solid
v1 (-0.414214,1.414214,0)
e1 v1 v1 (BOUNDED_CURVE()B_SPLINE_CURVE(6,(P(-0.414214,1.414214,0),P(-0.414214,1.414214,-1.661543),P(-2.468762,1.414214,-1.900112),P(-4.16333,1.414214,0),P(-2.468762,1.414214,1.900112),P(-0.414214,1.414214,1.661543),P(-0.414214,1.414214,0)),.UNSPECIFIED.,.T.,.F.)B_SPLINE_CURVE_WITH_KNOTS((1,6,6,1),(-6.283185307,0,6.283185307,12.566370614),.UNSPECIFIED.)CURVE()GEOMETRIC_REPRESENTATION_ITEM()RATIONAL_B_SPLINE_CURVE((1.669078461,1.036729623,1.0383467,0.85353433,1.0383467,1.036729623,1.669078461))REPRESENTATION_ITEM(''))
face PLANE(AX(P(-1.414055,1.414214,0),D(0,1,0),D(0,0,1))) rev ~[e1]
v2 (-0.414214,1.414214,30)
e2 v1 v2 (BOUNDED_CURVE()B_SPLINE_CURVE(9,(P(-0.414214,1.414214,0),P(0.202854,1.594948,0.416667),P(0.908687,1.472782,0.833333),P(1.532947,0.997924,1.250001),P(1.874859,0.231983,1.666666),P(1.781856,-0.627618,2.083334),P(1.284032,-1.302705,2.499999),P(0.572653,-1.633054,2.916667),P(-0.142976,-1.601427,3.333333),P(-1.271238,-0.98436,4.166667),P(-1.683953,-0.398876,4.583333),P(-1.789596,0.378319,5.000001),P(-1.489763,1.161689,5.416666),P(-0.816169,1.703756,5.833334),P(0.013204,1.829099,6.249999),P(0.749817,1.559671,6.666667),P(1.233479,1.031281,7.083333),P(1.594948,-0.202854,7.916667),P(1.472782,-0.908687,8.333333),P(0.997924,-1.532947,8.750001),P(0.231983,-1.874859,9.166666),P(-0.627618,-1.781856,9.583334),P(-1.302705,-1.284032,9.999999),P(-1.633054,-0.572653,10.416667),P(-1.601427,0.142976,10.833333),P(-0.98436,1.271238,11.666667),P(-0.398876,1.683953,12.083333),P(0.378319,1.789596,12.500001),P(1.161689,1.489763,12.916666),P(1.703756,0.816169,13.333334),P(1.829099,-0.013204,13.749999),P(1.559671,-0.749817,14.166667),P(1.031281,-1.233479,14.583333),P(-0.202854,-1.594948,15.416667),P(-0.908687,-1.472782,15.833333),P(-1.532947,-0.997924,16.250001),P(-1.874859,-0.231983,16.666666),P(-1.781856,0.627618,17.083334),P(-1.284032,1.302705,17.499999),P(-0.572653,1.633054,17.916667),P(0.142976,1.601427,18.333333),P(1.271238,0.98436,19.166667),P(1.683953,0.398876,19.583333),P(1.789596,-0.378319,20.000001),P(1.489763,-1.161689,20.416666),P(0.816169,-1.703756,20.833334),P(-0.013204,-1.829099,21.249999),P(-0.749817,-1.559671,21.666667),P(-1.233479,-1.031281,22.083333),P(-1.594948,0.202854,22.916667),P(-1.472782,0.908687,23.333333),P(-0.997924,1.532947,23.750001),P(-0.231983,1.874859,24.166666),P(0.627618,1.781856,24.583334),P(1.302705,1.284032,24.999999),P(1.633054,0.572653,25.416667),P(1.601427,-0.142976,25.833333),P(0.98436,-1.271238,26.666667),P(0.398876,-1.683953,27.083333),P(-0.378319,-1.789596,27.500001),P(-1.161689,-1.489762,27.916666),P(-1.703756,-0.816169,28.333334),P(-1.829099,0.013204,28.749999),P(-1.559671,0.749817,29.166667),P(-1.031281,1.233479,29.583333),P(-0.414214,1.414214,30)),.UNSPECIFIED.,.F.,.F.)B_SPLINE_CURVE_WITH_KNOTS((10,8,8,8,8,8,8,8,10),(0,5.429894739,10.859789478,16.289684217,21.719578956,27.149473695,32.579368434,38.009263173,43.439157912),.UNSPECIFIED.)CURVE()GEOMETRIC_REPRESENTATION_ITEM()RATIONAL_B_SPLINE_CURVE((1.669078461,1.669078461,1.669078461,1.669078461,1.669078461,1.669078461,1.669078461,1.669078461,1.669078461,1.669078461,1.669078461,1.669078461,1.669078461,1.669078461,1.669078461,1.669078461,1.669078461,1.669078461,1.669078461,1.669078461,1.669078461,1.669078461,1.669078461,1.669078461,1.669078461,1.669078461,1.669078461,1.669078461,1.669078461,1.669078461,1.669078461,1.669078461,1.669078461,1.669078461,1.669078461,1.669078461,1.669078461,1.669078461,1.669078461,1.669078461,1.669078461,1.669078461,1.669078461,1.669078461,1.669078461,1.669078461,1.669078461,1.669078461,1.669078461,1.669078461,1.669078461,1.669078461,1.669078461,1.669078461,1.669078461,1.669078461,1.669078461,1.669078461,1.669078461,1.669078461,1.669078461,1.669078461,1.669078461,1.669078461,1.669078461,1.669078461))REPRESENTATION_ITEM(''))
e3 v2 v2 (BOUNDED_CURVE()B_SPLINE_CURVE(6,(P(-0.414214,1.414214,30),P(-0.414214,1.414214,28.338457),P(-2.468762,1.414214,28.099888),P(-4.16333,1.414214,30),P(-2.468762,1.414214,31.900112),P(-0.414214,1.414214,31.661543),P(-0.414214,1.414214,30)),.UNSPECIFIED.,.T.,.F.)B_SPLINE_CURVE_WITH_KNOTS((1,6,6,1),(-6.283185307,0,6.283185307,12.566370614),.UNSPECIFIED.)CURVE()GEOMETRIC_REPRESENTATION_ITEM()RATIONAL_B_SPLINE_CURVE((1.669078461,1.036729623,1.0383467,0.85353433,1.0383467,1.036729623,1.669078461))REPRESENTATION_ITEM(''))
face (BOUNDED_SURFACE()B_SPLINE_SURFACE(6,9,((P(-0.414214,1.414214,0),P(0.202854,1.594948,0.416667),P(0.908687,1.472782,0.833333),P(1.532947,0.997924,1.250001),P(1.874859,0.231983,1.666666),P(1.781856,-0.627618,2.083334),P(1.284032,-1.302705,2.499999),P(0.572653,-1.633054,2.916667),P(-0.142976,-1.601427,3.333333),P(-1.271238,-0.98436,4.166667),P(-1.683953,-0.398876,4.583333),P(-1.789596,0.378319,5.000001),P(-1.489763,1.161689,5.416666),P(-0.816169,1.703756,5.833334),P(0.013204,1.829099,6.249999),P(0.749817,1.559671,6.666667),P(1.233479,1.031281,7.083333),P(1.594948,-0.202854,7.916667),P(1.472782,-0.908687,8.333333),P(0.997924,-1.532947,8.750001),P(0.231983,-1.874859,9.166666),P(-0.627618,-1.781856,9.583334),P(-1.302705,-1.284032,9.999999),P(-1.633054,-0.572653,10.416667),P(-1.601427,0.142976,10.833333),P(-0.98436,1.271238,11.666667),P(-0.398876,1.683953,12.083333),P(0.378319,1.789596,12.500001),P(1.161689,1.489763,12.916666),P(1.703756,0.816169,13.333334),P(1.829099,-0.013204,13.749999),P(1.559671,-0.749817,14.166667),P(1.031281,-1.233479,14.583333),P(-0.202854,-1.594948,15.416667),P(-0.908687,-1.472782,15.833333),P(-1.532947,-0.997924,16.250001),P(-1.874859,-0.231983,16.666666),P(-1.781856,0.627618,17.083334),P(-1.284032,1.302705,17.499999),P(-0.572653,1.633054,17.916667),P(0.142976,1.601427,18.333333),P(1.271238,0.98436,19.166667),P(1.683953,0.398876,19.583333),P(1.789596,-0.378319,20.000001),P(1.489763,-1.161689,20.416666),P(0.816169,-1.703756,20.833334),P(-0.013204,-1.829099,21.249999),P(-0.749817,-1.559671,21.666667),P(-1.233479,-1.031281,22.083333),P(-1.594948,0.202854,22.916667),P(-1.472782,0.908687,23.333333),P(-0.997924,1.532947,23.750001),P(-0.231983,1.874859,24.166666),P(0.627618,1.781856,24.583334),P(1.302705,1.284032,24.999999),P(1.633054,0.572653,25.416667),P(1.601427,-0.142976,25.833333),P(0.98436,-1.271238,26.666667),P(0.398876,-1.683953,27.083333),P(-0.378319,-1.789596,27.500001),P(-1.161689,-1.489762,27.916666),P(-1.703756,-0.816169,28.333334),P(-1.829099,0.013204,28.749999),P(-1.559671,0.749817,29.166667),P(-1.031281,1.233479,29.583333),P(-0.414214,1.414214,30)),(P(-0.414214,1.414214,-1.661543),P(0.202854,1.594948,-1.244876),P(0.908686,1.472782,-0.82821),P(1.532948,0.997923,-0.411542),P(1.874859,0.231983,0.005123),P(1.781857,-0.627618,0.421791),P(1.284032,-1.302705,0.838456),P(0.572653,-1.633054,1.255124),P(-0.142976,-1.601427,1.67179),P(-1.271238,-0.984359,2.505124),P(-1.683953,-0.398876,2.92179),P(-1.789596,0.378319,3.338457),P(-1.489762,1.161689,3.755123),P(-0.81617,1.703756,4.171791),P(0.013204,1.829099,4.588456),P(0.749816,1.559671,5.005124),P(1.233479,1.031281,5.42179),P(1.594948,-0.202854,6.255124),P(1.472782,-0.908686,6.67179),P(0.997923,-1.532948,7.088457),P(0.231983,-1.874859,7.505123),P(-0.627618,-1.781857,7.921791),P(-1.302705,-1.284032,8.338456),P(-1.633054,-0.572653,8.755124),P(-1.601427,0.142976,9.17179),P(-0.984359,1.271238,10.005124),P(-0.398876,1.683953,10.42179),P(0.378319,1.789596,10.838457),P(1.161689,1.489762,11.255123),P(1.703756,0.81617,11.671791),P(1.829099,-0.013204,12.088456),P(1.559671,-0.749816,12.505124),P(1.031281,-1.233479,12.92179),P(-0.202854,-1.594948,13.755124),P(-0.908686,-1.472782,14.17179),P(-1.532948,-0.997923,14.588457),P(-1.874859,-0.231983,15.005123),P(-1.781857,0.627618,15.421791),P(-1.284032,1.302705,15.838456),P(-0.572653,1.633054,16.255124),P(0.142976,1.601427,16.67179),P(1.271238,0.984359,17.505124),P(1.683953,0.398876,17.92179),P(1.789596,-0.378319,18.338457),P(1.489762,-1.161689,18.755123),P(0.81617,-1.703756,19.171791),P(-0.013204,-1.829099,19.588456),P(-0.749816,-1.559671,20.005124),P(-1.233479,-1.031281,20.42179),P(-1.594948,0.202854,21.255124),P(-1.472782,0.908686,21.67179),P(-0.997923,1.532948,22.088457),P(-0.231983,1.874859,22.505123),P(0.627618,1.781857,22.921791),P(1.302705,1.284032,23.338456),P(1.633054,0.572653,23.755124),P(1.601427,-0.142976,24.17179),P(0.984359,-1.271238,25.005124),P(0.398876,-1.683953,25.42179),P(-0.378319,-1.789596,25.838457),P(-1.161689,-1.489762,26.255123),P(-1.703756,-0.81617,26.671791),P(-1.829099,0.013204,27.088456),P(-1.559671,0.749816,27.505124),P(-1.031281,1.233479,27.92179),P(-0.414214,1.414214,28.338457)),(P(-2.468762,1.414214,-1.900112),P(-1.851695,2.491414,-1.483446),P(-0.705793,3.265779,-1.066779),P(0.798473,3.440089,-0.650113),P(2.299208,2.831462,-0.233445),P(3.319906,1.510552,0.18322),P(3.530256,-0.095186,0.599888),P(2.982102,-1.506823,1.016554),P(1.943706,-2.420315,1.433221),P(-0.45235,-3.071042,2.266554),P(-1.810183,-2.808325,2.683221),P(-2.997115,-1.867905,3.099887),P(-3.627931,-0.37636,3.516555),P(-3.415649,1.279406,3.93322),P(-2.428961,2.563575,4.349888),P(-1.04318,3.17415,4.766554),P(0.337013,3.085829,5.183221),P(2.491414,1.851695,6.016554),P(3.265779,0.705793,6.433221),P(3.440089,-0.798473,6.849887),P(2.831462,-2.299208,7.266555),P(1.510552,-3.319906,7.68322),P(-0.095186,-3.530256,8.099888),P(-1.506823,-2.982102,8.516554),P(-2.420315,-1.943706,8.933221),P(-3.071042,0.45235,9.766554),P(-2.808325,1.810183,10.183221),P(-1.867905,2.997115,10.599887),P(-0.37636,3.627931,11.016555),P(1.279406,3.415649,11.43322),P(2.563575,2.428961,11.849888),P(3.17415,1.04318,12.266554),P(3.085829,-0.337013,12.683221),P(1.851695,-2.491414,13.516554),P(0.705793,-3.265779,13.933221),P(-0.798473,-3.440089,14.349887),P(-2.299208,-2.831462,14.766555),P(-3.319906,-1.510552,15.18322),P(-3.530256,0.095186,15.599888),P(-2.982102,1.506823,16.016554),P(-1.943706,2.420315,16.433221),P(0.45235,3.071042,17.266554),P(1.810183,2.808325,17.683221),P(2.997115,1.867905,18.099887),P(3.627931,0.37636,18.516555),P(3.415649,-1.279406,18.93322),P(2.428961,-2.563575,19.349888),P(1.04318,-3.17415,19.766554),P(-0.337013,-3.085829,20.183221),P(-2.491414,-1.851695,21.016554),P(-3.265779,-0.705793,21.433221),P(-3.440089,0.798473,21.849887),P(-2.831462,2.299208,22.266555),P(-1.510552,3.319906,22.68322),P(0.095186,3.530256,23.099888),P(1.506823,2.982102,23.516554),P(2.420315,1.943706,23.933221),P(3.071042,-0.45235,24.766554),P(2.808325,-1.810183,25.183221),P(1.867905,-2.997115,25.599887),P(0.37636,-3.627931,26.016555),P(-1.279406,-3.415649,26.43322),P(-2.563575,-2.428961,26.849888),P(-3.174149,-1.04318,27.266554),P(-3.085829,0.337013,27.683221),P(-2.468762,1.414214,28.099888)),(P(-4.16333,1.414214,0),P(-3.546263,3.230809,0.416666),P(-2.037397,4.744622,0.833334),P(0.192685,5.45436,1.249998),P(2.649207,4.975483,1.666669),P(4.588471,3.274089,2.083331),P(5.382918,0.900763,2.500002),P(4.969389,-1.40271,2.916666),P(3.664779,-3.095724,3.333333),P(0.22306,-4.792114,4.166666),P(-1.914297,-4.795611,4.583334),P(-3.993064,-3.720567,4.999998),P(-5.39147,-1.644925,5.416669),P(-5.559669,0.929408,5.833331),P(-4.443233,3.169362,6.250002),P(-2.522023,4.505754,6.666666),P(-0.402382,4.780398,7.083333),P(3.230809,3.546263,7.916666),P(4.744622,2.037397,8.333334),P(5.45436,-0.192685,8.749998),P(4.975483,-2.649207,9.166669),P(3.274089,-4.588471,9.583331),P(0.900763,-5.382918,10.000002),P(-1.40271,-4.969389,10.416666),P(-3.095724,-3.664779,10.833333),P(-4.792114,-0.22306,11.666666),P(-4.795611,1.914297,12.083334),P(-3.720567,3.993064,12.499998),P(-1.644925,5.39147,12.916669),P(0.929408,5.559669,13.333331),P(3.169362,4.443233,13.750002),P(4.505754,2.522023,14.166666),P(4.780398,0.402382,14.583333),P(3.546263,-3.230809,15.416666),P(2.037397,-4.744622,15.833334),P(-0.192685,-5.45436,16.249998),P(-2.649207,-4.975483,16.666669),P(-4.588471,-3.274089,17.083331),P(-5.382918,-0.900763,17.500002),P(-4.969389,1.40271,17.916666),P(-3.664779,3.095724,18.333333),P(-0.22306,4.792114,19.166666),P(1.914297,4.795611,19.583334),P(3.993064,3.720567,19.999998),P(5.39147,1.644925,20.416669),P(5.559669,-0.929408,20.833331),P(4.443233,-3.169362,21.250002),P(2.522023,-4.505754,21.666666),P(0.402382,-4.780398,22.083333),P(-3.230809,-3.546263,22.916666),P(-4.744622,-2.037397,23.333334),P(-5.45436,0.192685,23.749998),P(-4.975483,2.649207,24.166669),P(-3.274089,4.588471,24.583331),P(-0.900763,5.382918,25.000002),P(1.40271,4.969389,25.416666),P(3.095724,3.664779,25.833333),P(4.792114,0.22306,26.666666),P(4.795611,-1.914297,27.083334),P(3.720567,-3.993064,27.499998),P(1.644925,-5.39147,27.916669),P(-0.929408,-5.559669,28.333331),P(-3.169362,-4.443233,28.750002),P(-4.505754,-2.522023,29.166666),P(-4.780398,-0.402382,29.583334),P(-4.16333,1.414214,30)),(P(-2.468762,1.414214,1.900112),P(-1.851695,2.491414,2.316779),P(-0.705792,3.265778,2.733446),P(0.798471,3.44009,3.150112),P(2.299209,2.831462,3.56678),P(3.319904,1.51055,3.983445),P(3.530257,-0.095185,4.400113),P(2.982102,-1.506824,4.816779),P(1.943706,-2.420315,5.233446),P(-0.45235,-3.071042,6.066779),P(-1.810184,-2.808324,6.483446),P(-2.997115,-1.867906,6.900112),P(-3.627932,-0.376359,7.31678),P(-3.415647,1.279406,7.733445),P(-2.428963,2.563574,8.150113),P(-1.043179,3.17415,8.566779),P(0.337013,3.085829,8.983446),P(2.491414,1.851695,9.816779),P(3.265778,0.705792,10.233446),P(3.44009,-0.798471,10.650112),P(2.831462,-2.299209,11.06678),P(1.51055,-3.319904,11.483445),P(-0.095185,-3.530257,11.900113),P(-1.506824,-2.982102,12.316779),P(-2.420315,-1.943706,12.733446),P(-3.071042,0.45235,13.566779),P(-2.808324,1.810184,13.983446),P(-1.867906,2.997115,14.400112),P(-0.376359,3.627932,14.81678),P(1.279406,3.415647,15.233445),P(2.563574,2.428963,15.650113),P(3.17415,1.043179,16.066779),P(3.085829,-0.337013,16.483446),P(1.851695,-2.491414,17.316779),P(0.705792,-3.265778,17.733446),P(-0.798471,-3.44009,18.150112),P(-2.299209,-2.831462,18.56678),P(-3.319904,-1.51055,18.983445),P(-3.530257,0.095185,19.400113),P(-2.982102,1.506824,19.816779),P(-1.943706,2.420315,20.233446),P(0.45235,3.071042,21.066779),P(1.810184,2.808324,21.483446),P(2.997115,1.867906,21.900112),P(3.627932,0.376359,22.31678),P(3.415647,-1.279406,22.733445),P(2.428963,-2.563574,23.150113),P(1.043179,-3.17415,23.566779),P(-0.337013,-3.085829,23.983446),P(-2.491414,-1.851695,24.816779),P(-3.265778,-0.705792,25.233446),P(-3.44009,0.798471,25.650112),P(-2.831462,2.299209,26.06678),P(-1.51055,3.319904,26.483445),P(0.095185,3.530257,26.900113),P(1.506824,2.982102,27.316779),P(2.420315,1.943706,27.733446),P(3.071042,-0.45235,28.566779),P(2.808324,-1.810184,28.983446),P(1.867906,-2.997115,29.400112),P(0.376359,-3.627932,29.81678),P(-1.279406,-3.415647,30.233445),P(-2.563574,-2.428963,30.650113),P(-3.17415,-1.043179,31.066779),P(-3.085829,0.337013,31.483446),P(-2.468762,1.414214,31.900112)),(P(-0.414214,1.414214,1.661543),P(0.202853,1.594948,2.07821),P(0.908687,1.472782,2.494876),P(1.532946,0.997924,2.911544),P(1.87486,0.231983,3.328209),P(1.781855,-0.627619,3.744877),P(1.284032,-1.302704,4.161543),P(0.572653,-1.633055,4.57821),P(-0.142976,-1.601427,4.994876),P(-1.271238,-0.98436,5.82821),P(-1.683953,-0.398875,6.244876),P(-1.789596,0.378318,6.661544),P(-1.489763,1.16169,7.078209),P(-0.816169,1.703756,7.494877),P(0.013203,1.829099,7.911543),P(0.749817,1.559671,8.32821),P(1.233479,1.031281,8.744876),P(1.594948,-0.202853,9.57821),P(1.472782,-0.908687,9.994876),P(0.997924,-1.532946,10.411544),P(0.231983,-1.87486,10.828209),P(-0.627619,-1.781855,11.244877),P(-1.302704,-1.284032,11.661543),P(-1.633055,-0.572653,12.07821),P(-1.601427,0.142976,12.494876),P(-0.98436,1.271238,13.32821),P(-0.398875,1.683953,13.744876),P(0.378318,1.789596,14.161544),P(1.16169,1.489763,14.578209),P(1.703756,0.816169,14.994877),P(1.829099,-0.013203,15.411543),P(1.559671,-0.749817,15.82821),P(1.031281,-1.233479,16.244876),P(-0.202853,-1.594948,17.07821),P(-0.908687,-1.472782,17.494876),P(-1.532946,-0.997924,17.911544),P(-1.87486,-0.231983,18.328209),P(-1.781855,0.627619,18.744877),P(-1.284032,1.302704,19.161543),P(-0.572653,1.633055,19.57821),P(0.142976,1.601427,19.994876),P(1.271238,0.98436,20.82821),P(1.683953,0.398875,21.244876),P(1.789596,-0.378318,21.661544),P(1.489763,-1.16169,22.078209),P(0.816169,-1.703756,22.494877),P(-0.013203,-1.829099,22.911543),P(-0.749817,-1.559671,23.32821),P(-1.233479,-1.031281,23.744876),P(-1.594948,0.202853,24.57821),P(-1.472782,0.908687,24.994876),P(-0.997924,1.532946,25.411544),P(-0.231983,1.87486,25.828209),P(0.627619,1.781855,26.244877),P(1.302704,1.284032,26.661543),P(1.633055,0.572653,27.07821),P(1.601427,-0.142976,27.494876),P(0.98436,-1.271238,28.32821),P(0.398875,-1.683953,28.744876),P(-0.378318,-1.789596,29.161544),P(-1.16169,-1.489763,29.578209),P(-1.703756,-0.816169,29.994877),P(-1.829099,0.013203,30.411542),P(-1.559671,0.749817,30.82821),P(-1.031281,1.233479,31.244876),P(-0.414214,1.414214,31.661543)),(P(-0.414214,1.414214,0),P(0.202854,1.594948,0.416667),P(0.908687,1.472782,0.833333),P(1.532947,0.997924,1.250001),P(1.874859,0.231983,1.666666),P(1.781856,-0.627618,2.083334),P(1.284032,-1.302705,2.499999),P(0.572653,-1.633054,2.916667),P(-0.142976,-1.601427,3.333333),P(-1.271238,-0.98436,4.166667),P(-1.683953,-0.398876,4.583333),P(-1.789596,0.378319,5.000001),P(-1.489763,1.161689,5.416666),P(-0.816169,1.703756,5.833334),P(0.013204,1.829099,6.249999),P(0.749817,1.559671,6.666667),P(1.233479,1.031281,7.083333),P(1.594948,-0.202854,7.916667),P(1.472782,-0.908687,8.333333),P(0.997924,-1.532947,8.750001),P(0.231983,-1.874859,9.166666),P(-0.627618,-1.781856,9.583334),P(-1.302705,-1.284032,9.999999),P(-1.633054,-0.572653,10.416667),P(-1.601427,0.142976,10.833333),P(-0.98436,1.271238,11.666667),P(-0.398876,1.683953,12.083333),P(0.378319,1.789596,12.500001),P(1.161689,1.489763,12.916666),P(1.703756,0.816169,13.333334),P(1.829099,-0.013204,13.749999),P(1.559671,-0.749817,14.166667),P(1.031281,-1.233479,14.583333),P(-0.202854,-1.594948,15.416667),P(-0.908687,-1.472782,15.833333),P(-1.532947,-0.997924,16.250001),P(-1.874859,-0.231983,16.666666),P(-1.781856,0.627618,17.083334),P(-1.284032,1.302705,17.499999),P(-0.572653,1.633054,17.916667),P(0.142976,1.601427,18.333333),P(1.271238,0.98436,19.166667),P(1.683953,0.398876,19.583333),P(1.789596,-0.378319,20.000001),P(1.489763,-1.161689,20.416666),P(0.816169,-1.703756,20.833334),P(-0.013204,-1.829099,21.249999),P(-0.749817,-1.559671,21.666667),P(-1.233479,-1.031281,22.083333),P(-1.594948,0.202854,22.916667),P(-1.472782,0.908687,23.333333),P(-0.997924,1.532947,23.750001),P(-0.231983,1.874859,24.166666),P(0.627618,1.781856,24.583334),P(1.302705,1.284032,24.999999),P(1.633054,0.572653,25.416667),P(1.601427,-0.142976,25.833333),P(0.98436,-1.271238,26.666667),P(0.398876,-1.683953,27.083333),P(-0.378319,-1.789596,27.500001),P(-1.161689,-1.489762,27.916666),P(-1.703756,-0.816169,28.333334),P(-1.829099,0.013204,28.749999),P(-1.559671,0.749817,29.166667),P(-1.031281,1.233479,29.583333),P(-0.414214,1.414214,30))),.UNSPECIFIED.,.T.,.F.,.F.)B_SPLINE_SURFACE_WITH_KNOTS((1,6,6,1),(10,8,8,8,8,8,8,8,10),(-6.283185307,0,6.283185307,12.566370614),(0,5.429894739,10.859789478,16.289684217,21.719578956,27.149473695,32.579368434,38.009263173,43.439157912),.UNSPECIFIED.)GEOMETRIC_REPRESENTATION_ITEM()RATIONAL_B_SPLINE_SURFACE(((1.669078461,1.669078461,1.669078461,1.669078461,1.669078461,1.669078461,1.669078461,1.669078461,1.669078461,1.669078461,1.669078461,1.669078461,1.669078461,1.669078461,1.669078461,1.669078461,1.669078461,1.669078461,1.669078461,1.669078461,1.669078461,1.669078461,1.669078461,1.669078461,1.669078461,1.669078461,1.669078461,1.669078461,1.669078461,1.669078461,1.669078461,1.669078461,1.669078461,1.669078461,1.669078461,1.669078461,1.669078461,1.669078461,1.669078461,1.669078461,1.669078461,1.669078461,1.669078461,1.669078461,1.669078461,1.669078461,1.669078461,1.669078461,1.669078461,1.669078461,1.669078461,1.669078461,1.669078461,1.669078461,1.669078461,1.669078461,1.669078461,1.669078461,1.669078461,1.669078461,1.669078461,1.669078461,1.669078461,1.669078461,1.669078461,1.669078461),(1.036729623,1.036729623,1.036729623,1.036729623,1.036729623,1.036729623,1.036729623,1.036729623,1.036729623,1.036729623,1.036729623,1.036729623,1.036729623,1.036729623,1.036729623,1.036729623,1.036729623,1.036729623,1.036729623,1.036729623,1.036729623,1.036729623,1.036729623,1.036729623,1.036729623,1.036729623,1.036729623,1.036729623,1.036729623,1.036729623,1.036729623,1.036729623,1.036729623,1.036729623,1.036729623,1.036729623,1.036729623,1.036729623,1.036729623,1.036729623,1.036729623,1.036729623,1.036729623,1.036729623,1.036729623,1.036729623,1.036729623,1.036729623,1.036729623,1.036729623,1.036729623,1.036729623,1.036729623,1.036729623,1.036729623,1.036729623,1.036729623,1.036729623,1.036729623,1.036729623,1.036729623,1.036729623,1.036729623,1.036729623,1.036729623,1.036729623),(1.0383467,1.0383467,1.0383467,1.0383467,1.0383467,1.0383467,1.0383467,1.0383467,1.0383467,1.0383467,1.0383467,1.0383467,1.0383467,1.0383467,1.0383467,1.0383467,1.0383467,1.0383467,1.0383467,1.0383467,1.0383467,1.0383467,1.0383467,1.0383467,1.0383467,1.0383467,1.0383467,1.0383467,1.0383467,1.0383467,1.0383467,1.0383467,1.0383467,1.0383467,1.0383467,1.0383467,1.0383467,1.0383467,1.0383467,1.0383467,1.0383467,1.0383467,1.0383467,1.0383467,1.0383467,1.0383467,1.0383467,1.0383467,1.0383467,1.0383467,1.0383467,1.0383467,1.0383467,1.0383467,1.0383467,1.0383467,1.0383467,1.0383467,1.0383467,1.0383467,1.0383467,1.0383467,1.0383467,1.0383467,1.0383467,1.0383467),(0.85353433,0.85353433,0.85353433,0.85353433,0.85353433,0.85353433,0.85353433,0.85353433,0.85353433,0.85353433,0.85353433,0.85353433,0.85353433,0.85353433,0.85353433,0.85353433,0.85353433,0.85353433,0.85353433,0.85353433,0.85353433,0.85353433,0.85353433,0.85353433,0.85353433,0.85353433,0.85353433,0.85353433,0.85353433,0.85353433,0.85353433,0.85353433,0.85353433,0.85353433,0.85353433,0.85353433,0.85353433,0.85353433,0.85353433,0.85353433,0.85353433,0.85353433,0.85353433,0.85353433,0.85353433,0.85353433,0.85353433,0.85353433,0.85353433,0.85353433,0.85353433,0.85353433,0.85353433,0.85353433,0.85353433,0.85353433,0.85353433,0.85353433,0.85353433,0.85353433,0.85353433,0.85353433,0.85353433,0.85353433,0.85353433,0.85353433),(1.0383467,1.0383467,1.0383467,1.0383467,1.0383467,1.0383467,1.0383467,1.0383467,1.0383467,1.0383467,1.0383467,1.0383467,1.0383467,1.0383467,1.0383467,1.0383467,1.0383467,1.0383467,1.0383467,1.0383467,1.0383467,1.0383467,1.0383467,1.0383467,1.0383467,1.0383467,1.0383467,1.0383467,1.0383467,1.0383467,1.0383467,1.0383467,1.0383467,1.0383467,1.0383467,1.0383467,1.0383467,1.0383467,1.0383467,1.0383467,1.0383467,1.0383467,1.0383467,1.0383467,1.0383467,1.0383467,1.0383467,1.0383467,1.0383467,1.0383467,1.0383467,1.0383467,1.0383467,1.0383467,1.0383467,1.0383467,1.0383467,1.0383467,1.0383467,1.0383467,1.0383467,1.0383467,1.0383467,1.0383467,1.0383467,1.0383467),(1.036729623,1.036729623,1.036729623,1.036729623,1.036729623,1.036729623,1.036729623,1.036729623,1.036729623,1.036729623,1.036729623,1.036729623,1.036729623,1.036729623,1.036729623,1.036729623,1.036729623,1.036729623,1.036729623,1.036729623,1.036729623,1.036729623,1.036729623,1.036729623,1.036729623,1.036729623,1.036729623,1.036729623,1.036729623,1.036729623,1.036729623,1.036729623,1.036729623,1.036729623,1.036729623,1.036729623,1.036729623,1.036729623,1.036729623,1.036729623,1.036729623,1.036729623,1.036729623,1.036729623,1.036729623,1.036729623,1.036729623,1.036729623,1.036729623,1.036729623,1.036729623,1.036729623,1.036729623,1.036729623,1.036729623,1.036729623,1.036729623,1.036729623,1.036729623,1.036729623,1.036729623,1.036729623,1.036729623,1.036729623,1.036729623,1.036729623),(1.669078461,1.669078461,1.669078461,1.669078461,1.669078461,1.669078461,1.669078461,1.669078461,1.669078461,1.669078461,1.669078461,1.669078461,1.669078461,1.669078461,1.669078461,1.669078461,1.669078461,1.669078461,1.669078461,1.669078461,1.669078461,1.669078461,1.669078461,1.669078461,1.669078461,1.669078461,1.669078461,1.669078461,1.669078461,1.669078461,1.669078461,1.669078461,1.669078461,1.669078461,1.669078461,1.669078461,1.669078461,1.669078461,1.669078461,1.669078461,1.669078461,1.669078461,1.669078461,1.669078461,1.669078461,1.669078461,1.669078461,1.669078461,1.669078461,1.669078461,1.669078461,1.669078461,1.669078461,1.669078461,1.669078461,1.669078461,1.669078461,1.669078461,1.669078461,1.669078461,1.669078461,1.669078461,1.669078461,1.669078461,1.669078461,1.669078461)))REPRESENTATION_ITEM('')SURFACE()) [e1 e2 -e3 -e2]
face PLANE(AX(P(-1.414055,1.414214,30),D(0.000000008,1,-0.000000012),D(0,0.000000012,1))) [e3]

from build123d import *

# Parameters (mm, degrees)
SWEEP1_PITCH       = 6
SWEEP1_HEIGHT      = 30
SWEEP1_RADIUS      = 2
SWEEP1_START_ANGLE = 135
SKETCH2_R          = 1


with BuildPart() as part:
    # Sweep1: sweep along a helix
    with BuildLine() as sweep1_path:
        add(Helix(SWEEP1_PITCH, SWEEP1_HEIGHT, SWEEP1_RADIUS, center=(0, 0, 0), direction=(0, 0, 1), lefthand=True, mode=Mode.PRIVATE).rotate(Axis((0, 0, 0), (0, 0, 1)), SWEEP1_START_ANGLE))
    # Sketch2 → Sweep1 (sweep)
    with BuildSketch(Plane(origin=(0, 1.414213562, 0), x_dir=(1, 0, 0), z_dir=(0, 1, 0))):
        with Locations((-1.414213562, 0)):
            Circle(SKETCH2_R)
    sweep(path=sweep1_path.line, is_frenet=True)


solid = part.part
